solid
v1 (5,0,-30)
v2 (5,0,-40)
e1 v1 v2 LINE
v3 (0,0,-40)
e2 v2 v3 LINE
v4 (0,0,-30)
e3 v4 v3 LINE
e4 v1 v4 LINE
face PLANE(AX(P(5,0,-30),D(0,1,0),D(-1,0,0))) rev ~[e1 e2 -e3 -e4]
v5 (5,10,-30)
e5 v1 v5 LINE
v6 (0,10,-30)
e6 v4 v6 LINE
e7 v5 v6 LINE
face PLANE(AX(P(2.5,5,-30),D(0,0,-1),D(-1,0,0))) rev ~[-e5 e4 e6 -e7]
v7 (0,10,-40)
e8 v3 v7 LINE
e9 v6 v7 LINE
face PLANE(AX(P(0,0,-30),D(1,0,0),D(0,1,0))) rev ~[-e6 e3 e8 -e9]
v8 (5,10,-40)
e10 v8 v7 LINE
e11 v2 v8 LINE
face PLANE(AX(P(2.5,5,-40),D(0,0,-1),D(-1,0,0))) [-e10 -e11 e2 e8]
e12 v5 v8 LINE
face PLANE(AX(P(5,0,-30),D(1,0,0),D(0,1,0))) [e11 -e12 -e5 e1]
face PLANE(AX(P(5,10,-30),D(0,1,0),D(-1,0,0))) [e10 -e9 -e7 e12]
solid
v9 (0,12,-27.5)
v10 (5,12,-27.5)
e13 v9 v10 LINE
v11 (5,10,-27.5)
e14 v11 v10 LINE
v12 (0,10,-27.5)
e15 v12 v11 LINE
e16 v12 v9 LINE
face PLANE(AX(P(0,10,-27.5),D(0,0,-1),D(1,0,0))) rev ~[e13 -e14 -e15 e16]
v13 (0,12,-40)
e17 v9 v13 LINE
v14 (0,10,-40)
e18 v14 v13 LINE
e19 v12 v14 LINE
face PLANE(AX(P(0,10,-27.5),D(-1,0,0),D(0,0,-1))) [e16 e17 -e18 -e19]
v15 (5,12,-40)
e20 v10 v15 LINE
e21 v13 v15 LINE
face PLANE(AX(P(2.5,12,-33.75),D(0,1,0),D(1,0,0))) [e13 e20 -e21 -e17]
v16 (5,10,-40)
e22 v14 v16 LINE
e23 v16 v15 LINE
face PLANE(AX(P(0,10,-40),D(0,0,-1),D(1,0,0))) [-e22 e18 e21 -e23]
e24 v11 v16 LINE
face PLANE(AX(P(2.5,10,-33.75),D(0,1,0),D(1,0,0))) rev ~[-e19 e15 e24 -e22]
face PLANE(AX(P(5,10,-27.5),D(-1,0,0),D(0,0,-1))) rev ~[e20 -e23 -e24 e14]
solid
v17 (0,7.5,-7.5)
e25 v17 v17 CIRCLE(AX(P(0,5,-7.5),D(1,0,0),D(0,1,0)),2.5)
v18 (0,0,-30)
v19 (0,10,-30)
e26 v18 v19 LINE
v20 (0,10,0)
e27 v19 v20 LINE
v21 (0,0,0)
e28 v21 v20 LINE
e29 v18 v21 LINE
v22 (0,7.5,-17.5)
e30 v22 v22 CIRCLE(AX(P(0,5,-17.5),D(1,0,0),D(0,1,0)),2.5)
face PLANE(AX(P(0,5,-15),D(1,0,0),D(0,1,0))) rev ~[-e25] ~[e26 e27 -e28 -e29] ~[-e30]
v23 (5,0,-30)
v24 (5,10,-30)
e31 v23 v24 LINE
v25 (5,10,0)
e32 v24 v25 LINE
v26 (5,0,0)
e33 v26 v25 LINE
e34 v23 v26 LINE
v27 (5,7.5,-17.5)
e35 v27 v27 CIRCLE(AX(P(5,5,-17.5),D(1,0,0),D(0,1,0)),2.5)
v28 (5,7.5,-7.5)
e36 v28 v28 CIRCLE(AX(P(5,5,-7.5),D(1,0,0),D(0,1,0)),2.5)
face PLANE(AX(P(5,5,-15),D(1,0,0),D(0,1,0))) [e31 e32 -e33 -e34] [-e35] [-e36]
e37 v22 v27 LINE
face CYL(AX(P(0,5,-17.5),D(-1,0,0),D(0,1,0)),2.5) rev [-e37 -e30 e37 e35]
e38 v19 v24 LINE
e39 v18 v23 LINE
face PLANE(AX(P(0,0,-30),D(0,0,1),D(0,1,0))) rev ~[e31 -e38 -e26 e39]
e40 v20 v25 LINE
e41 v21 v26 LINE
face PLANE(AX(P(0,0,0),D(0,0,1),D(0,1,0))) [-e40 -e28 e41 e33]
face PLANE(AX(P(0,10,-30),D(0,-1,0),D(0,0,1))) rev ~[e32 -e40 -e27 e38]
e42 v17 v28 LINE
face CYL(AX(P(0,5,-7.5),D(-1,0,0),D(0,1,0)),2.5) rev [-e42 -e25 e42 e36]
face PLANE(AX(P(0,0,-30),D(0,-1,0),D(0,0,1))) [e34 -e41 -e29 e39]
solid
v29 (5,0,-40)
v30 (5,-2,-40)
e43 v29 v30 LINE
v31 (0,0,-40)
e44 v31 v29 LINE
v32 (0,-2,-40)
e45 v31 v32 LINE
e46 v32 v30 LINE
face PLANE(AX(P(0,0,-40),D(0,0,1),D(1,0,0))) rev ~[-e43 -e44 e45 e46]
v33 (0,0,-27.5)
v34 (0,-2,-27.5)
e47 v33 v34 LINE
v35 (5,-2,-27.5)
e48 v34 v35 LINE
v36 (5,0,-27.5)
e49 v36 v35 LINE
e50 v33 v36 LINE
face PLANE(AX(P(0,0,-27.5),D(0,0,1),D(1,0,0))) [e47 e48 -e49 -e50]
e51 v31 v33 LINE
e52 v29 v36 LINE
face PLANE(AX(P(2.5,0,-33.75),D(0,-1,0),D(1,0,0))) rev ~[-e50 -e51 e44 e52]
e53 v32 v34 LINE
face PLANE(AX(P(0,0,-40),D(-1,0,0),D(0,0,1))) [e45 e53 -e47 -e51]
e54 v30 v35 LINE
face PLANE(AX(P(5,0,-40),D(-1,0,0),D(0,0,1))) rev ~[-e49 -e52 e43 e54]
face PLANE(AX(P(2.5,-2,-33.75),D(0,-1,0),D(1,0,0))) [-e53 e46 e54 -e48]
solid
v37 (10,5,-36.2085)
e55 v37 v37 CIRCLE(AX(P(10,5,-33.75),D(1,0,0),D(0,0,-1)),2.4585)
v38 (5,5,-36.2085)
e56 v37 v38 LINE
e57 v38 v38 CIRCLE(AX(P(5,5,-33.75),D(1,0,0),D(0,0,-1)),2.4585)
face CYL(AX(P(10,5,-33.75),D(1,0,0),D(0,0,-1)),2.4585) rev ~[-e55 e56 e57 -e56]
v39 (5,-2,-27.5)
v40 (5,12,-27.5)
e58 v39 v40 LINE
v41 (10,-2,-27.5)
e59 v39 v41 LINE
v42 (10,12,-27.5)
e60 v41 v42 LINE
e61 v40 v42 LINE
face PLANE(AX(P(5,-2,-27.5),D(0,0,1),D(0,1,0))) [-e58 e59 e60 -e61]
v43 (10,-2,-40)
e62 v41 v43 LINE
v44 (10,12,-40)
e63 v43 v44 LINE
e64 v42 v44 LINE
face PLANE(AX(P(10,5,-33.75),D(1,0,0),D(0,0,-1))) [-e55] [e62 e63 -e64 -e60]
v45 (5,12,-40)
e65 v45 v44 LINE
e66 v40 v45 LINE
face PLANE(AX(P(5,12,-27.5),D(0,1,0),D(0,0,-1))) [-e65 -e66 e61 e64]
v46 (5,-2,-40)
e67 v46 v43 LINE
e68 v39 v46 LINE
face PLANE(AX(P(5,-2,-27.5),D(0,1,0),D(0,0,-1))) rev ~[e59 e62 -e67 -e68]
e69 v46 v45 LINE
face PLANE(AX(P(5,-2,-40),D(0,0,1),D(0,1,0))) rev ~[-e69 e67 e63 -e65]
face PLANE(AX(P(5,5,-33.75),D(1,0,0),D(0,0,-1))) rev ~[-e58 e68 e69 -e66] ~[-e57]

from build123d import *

# Parameters (mm, degrees)
SKETCH1_BP_W     = 10
SKETCH1_BP_H     = 30
SKETCH1_BP_R     = 2.5
EXTRUSION1_DEPTH = 5
SKETCH2_BP_W     = 5
SKETCH2_BP_H     = 10
EXTRUSION2_DEPTH = 10
SKETCH4_BP_W     = 5
SKETCH4_BP_H     = 12.5
EXTRUSION3_DEPTH = 2
SKETCH5_BP_W     = 5
SKETCH5_BP_H     = 12.5
EXTRUSION4_DEPTH = 2
SKETCH6_BP_W     = 12.5
SKETCH6_BP_H     = 14
EXTRUSION6_DEPTH = 5
HOLE1_BP_R       = 2.4585
HOLE1_DEPTH      = 9.477216


with BuildPart() as extrusion1:
    # Sketch1_bp → Extrusion1 (new body)
    with BuildSketch(Plane.YZ):
        with Locations((5, -15)):
            Rectangle(SKETCH1_BP_W, SKETCH1_BP_H)
        with Locations((5, -7.5)):
            Circle(SKETCH1_BP_R, mode=Mode.SUBTRACT)
        with Locations((5, -17.5)):
            Circle(SKETCH1_BP_R, mode=Mode.SUBTRACT)
    extrude(amount=EXTRUSION1_DEPTH)


with BuildPart() as extrusion2:
    # Sketch2_bp → Extrusion2 (new body)
    with BuildSketch(Plane(origin=(0, 0, -30), x_dir=(-1, 0, 0), z_dir=(0, 0, -1))):
        with Locations((-2.5, 5)):
            Rectangle(SKETCH2_BP_W, SKETCH2_BP_H)
    extrude(amount=EXTRUSION2_DEPTH)


with BuildPart() as extrusion3:
    # Sketch4_bp → Extrusion3 (new body)
    with BuildSketch(Plane(origin=(0, 10, 0), x_dir=(1, 0, 0), z_dir=(0, 1, 0))):
        with Locations((2.5, 33.75)):
            Rectangle(SKETCH4_BP_W, SKETCH4_BP_H)
    extrude(amount=EXTRUSION3_DEPTH)


with BuildPart() as extrusion4:
    # Sketch5_bp → Extrusion4 (new body)
    with BuildSketch(Plane.XZ):
        with Locations((2.5, -33.75)):
            Rectangle(SKETCH5_BP_W, SKETCH5_BP_H)
    extrude(amount=EXTRUSION4_DEPTH)


with BuildPart() as hole1:
    # Sketch6_bp → Extrusion6 (new body)
    with BuildSketch(Plane(origin=(5, 0, 0), x_dir=(0, 0, -1), z_dir=(1, 0, 0))):
        with Locations((33.75, 5)):
            Rectangle(SKETCH6_BP_W, SKETCH6_BP_H)
    extrude(amount=EXTRUSION6_DEPTH)

    # Hole1_bp → Hole1 (cut)
    with BuildSketch(Plane(origin=(10, 0, 0), x_dir=(0, 0, -1), z_dir=(1, 0, 0))):
        with Locations((33.75, 5)):
            Circle(HOLE1_BP_R)
    extrude(amount=-HOLE1_DEPTH, mode=Mode.SUBTRACT)


solid = Compound([extrusion1.part, extrusion2.part, extrusion3.part, extrusion4.part, hole1.part])
